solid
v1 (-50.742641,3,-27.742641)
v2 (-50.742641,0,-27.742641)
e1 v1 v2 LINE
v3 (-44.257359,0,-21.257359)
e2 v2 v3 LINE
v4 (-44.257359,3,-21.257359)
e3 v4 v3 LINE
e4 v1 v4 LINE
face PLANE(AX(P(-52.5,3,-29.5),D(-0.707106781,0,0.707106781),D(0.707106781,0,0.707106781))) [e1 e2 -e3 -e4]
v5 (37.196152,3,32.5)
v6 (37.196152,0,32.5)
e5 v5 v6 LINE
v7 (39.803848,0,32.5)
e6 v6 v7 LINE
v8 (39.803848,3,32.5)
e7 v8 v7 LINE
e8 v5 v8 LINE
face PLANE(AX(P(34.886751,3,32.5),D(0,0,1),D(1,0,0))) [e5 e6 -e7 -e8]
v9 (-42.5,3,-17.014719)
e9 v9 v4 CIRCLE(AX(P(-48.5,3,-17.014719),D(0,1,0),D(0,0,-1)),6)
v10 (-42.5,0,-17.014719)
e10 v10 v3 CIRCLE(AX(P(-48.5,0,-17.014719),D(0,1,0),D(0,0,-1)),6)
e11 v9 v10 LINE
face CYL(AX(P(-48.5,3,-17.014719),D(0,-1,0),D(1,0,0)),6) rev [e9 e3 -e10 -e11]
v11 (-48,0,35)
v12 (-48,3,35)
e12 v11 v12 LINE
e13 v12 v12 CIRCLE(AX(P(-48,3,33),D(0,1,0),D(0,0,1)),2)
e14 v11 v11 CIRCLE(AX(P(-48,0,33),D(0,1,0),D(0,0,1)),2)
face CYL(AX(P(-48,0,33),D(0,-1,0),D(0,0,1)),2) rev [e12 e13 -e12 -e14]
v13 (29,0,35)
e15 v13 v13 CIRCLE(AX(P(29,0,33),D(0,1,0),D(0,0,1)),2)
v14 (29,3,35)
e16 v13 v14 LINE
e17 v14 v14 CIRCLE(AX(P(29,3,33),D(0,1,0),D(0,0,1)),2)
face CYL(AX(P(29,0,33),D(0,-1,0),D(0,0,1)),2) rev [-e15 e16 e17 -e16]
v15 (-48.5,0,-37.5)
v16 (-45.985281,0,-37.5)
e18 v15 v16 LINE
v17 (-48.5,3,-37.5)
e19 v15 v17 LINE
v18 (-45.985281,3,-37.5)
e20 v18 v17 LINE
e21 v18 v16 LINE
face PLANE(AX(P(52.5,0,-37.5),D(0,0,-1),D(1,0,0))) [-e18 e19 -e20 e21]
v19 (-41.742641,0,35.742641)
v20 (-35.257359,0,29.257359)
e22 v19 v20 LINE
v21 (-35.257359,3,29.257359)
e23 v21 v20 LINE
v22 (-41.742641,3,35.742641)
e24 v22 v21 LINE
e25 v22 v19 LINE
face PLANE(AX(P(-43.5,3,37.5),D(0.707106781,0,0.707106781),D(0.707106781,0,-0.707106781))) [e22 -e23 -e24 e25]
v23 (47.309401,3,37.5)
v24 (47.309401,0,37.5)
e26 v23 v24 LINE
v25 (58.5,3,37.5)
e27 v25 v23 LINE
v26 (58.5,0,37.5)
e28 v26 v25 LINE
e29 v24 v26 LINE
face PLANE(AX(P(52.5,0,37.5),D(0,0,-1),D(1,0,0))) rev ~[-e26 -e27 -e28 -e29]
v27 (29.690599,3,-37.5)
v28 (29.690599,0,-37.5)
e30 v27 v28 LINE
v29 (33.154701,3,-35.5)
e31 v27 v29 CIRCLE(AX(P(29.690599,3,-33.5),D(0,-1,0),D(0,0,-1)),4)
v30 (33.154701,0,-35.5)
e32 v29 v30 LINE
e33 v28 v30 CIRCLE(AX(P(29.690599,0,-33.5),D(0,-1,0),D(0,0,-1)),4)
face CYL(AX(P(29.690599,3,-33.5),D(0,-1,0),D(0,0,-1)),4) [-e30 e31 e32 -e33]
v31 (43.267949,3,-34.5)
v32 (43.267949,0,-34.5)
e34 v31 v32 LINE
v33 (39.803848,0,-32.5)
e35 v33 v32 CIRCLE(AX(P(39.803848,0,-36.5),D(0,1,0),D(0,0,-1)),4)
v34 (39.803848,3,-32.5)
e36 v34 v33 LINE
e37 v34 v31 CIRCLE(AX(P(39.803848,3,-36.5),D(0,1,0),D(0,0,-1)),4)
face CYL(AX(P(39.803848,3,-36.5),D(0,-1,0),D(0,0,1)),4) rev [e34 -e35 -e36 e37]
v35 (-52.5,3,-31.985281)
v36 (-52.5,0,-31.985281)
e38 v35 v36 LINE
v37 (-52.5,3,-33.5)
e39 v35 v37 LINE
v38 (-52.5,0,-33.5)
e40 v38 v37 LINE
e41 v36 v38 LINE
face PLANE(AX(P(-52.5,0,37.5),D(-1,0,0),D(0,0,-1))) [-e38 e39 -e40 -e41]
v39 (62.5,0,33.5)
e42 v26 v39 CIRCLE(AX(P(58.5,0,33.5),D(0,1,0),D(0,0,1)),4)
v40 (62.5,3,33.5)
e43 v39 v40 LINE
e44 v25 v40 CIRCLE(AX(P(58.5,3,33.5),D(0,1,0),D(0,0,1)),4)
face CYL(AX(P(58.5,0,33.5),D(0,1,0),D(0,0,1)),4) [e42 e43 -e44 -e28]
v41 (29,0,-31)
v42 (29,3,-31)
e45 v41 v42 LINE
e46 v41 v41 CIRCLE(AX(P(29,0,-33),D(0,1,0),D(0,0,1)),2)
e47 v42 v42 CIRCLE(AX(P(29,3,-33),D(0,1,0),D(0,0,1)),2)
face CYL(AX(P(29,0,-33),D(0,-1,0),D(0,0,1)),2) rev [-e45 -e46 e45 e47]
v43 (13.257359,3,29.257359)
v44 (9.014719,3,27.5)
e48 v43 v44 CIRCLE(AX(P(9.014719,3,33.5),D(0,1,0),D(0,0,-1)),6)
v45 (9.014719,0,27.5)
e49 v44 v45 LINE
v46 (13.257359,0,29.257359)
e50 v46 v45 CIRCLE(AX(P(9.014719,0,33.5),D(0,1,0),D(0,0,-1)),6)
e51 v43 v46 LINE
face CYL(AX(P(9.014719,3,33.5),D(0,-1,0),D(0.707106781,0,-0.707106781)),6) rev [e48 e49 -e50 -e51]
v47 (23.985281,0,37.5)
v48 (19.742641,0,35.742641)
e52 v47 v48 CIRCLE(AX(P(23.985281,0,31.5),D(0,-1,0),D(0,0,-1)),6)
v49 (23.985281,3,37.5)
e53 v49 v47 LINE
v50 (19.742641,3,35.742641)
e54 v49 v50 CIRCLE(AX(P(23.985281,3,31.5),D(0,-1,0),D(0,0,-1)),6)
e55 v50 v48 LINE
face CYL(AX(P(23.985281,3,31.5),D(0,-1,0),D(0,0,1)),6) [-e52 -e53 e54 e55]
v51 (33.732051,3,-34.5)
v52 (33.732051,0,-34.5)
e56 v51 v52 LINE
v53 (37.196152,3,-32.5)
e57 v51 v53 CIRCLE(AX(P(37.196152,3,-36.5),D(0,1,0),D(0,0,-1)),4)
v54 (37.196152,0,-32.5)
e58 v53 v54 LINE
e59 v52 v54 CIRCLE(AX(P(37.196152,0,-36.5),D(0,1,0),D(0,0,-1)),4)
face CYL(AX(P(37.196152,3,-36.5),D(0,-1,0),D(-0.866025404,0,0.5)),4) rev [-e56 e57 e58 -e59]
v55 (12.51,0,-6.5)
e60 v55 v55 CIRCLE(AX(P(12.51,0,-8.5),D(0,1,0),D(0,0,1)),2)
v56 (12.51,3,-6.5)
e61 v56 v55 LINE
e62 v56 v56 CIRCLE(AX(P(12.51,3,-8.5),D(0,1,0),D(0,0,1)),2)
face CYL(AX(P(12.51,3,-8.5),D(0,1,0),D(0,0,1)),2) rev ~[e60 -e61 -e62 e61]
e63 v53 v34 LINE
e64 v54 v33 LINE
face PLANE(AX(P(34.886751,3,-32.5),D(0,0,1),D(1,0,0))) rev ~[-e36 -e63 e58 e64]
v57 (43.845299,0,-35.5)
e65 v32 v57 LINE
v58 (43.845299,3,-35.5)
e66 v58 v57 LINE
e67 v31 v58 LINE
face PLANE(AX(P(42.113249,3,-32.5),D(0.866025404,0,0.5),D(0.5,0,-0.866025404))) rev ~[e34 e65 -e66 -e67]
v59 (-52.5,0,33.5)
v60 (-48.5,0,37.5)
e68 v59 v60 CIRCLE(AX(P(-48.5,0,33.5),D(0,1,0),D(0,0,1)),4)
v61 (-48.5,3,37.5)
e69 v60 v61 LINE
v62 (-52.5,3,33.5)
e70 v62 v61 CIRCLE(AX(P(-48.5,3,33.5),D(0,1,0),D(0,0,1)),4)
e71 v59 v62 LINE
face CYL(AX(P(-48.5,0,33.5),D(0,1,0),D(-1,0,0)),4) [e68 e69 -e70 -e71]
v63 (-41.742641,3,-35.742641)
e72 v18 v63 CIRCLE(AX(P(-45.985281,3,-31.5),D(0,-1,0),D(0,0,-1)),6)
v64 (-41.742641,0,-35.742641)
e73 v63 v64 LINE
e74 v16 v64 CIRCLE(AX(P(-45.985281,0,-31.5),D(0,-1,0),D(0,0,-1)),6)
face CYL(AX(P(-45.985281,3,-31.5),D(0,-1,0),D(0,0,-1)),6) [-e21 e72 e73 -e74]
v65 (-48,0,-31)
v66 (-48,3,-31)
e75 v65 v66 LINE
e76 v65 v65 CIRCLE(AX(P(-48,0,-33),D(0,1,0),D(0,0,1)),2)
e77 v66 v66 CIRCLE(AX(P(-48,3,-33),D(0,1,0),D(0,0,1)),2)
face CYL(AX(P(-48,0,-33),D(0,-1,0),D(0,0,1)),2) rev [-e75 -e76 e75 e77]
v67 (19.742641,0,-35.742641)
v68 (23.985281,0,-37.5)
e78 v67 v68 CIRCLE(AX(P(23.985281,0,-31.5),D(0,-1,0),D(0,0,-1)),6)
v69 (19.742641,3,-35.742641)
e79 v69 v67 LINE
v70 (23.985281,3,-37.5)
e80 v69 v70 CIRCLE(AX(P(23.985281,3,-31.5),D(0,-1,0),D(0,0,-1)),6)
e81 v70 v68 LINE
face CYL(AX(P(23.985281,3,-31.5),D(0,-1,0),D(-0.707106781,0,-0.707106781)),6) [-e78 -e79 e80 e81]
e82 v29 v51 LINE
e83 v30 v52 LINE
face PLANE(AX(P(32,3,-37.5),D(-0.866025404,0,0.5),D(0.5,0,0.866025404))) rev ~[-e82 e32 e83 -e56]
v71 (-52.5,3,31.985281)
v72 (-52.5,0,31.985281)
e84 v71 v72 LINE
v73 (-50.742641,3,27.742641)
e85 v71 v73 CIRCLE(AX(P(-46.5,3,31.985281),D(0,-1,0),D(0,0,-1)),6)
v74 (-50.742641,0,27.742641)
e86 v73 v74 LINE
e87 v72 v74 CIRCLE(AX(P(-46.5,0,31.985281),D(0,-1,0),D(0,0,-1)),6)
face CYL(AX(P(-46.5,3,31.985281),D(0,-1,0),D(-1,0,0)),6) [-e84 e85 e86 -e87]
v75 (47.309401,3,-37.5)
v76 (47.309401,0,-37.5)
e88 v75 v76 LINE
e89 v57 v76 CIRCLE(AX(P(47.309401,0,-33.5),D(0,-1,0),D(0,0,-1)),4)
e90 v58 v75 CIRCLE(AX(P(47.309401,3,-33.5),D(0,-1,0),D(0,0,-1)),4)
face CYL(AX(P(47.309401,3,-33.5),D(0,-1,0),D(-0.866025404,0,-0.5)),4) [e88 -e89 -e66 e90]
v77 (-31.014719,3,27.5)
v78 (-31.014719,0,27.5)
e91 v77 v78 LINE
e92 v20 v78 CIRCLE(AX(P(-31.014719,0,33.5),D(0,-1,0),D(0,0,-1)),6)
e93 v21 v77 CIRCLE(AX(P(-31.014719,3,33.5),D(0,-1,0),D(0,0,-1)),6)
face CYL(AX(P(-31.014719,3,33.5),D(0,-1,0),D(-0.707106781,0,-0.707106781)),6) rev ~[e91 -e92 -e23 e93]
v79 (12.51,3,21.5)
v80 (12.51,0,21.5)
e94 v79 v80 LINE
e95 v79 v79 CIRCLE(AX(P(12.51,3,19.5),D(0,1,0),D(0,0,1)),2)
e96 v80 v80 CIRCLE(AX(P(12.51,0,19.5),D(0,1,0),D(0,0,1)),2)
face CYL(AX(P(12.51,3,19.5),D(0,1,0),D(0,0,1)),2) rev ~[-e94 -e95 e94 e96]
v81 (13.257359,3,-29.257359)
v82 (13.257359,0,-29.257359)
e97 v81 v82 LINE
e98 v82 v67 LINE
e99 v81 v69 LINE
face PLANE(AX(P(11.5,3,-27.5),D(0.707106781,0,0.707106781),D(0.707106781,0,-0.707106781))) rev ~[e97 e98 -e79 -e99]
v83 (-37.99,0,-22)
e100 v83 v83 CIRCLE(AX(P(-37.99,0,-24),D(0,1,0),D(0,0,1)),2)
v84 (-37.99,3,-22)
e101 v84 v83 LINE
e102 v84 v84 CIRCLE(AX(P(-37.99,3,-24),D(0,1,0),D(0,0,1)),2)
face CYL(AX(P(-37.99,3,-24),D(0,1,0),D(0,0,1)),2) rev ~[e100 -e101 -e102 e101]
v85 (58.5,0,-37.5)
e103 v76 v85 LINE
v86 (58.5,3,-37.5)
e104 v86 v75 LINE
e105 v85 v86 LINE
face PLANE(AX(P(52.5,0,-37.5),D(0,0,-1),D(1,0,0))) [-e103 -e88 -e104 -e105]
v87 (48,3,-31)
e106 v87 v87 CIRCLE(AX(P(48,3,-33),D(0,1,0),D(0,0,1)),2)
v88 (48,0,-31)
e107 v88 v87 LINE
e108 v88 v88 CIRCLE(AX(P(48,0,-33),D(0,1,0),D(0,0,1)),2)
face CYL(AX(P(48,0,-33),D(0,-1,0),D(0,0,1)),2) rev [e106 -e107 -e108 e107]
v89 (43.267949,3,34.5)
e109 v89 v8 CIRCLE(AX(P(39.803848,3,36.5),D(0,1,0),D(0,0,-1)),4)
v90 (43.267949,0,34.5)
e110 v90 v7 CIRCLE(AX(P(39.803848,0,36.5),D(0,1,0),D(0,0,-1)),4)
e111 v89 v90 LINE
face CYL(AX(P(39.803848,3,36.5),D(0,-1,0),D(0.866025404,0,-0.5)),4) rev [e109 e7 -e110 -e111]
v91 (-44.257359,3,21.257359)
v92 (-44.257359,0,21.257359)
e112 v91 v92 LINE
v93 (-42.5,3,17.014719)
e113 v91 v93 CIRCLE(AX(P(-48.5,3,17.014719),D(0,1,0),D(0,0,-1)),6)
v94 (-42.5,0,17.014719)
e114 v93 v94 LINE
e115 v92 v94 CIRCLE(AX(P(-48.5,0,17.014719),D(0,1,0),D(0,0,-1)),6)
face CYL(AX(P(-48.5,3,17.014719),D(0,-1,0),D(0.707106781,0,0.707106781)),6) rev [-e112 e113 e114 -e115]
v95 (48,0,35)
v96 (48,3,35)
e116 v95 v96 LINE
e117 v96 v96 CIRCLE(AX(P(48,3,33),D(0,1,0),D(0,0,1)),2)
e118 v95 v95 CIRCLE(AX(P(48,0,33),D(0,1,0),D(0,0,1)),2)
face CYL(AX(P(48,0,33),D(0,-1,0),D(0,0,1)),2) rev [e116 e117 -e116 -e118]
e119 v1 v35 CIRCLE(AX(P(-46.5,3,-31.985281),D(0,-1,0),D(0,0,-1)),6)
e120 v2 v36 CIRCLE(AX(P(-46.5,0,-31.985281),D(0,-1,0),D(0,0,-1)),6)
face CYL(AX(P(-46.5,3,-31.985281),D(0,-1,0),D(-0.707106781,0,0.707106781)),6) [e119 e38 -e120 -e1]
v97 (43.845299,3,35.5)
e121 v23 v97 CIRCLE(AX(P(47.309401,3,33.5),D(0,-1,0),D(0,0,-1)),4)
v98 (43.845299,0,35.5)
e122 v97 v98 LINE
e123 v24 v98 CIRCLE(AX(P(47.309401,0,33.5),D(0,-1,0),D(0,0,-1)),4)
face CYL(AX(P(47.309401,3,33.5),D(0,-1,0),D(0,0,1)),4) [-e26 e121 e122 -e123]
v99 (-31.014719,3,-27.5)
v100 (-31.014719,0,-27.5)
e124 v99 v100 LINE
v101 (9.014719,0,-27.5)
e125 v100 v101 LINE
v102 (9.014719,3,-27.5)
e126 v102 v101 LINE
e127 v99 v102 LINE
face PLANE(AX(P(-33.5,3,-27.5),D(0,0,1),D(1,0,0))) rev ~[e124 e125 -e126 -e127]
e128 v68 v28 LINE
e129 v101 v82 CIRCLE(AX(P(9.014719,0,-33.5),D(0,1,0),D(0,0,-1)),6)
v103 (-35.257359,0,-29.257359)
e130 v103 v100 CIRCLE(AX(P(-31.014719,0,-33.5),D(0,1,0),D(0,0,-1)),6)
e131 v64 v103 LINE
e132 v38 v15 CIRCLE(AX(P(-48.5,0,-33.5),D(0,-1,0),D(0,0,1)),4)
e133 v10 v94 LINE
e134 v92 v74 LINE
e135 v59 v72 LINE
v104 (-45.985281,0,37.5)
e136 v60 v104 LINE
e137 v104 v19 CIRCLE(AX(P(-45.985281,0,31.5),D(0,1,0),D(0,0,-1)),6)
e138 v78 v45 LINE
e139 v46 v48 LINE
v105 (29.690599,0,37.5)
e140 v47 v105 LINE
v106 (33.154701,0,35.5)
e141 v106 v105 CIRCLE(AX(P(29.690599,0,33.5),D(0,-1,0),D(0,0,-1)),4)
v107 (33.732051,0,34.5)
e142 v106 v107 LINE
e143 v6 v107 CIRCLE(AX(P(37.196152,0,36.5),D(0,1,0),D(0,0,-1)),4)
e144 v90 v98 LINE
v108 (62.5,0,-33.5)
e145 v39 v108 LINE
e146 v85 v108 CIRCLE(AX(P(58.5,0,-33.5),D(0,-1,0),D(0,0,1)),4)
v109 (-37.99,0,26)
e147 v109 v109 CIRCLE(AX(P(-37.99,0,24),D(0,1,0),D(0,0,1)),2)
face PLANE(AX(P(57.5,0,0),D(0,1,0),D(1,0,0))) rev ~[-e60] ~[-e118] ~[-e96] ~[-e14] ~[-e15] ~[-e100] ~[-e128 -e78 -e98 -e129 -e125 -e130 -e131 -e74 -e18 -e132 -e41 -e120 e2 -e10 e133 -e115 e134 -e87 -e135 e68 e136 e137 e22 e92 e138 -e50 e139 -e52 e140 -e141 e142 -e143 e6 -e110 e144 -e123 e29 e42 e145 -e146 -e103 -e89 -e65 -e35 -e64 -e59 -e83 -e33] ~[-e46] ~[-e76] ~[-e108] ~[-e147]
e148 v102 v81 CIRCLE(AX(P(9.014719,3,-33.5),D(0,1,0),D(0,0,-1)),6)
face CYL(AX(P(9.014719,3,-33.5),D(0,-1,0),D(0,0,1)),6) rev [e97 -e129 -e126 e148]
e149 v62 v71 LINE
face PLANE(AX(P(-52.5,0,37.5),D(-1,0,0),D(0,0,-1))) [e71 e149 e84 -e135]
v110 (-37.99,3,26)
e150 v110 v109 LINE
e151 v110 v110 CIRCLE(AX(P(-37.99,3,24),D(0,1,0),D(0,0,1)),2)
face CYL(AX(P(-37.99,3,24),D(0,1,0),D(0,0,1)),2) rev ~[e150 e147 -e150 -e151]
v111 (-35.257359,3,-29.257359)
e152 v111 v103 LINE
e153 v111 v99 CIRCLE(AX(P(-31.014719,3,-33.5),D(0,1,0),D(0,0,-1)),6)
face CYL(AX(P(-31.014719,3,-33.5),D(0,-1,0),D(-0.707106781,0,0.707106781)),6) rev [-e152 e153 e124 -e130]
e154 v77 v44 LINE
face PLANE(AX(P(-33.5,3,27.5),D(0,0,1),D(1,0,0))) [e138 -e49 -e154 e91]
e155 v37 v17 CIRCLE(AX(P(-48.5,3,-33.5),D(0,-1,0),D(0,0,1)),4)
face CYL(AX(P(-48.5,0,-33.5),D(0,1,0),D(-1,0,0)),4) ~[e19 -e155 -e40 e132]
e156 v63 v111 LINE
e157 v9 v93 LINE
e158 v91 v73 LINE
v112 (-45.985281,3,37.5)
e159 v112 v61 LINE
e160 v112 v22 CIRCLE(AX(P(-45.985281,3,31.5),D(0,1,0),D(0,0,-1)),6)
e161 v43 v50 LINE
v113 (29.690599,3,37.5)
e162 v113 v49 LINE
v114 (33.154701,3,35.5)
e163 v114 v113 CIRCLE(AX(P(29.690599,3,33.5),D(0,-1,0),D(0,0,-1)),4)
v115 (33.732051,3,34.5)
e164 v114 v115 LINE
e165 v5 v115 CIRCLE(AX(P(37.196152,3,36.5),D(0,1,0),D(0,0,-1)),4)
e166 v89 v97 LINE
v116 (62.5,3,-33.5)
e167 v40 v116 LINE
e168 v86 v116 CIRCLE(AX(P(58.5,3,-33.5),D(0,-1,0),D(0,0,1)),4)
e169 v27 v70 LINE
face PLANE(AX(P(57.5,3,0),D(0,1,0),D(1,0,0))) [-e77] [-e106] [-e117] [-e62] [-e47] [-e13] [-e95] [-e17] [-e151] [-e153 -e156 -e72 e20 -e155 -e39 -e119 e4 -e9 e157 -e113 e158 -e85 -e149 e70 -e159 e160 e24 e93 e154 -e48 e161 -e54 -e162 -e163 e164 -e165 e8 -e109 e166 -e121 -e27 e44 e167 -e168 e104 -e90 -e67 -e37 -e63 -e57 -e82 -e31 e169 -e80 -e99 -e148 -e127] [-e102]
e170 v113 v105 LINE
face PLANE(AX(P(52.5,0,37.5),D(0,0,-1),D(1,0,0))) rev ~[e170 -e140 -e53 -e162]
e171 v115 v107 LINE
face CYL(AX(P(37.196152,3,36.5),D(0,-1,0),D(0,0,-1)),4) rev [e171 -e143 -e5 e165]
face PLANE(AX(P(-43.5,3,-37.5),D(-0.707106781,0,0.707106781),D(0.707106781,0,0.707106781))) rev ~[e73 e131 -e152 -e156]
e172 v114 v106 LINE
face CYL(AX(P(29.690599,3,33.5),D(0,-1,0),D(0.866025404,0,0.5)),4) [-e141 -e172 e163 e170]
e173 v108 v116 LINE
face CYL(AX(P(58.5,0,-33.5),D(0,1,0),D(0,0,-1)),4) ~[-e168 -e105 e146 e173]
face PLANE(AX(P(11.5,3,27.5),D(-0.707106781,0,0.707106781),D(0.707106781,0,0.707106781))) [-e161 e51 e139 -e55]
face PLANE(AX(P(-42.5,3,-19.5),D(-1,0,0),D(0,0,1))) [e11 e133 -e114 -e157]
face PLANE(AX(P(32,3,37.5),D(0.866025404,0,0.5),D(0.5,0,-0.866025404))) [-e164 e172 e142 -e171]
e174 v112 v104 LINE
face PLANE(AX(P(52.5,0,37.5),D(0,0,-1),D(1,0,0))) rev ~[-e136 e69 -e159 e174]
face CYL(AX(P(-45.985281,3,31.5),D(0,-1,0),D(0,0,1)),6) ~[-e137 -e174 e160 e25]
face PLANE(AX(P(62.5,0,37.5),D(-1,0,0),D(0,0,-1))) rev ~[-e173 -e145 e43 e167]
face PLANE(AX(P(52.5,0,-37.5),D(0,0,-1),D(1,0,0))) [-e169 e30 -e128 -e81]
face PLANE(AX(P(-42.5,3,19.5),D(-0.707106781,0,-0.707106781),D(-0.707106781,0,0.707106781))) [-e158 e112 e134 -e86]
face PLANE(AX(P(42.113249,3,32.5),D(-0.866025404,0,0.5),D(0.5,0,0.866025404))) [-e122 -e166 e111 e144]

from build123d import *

# Parameters (mm, degrees)
SKETCH_1_W          = 105
SKETCH_1_H          = 75
SKETCH_1_R          = 2
EXTRUDE_1_DEPTH     = 3
SKETCH_3_R          = 2
CUT_EXTRUDE_2_DEPTH = 30.8
SKETCH_6_R          = 2
CUT_EXTRUDE_4_DEPTH = 15
FILLET_1_R          = 4
SKETCH_7_W          = 10
SKETCH_7_H          = 75
EXTRUDE_2_DEPTH     = 3
FILLET_2_R          = 4
CUT_EXTRUDE_START   = -3
SKETCH_8_R          = 2
CUT_EXTRUDE_5_DEPTH = 3
CUT_EXTRUDE_6_DEPTH = 10
FILLET_3_R          = 6
CUT_EXTRUDE_7_DEPTH = 10
FILLET_4_R          = 4


with BuildPart() as part:
    # 스케치1 → 보스-돌출1 (new body)
    with BuildSketch(Plane(origin=(0, 0, 0), x_dir=(1, 0, 0), z_dir=(0, 1, 0))):
        Rectangle(SKETCH_1_W, SKETCH_1_H)
        with Locations((48, 33)):
            Circle(SKETCH_1_R, mode=Mode.SUBTRACT)
        with Locations((-48, 33)):
            Circle(SKETCH_1_R, mode=Mode.SUBTRACT)
        with Locations((-48, -33)):
            Circle(SKETCH_1_R, mode=Mode.SUBTRACT)
        with Locations((48, -33)):
            Circle(SKETCH_1_R, mode=Mode.SUBTRACT)
    extrude(amount=EXTRUDE_1_DEPTH)

    # 스케치3 → 컷-돌출2 (cut)
    with BuildSketch(Plane(origin=(0, 3, 0), x_dir=(1, 0, 0), z_dir=(0, 1, 0))):
        with Locations((-37.99, 24)):
            Circle(SKETCH_3_R)
    extrude(amount=-CUT_EXTRUDE_2_DEPTH, mode=Mode.SUBTRACT)

    # 스케치6 → 컷-돌출4 (cut)
    with BuildSketch(Plane(origin=(0, 3, 0), x_dir=(1, 0, 0), z_dir=(0, 1, 0))):
        with Locations((-37.99, -24)):
            Circle(SKETCH_6_R)
        with Locations((12.51, 8.5)):
            Circle(SKETCH_6_R)
        with Locations((12.51, -19.5)):
            Circle(SKETCH_6_R)
    extrude(amount=-CUT_EXTRUDE_4_DEPTH, mode=Mode.SUBTRACT)

    # 필렛1
    fillet_1_edges = [part.edges().sort_by_distance(p)[0] for p in [
        (-52.5, 1.5, 37.5),
        (-52.5, 1.5, -37.5),
    ]]
    fillet(fillet_1_edges, radius=FILLET_1_R)

    # 스케치7 → 보스-돌출2 (add)
    with BuildSketch(Plane(origin=(0, 0, 0), x_dir=(1, 0, 0), z_dir=(0, 1, 0))):
        with Locations((57.5, 0)):
            Rectangle(SKETCH_7_W, SKETCH_7_H)
    extrude(amount=EXTRUDE_2_DEPTH)

    # 필렛2
    fillet_2_edges = [part.edges().sort_by_distance(p)[0] for p in [
        (62.5, 1.5, -37.5),
        (62.5, 1.5, 37.5),
    ]]
    fillet(fillet_2_edges, radius=FILLET_2_R)

    # 스케치8 → 컷-돌출5 (cut)
    with BuildSketch(Plane(origin=(0, 3, 0), x_dir=(1, 0, 0), z_dir=(0, 1, 0)).offset(CUT_EXTRUDE_START)):
        with Locations((29, -33)):
            Circle(SKETCH_8_R)
        with Locations((29, 33)):
            Circle(SKETCH_8_R)
        with Locations((48, -33)):
            Circle(SKETCH_8_R)
        with Locations((48, 33)):
            Circle(SKETCH_8_R)
    extrude(amount=CUT_EXTRUDE_5_DEPTH, mode=Mode.SUBTRACT)

    # 스케치9 → 컷-돌출6 (cut)
    with BuildSketch(Plane(origin=(0, 3, 0), x_dir=(1, 0, 0), z_dir=(0, 1, 0))):
        Polygon((-52.5, 29.5), (-42.5, 19.5), (-42.5, -19.5), (-52.5, -29.5), align=None)
        Polygon((-43.5, -37.5), (-33.5, -27.5), (11.5, -27.5), (21.5, -37.5), align=None)
        Polygon((-43.5, 37.5), (-33.5, 27.5), (11.5, 27.5), (21.5, 37.5), align=None)
    extrude(amount=-CUT_EXTRUDE_6_DEPTH, mode=Mode.SUBTRACT)

    # 필렛3
    fillet_3_edges = [part.edges().sort_by_distance(p)[0] for p in [
        (11.5, 1.5, -27.5),
        (21.5, 1.5, -37.5),
        (-33.5, 1.5, -27.5),
        (-43.5, 1.5, -37.5),
        (21.5, 1.5, 37.5),
        (11.5, 1.5, 27.5),
        (-43.5, 1.5, 37.5),
        (-33.5, 1.5, 27.5),
        (-52.5, 1.5, 29.5),
        (-42.5, 1.5, 19.5),
        (-42.5, 1.5, -19.5),
        (-52.5, 1.5, -29.5),
    ]]
    fillet(fillet_3_edges, radius=FILLET_3_R)

    # 스케치10 → 컷-돌출7 (cut)
    with BuildSketch(Plane(origin=(0, 3, 0), x_dir=(1, 0, 0), z_dir=(0, 1, 0))):
        Polygon((32, -37.5), (34.886751346, -32.5), (42.113248654, -32.5), (45, -37.5), align=None)
        Polygon((32, 37.5), (34.886751346, 32.5), (42.113248654, 32.5), (45, 37.5), align=None)
    extrude(amount=-CUT_EXTRUDE_7_DEPTH, mode=Mode.SUBTRACT)

    # 필렛4
    fillet_4_edges = [part.edges().sort_by_distance(p)[0] for p in [
        (45, 1.5, -37.5),
        (42.113248654, 1.5, -32.5),
        (32, 1.5, -37.5),
        (34.886751346, 1.5, -32.5),
        (45, 1.5, 37.5),
        (42.113248654, 1.5, 32.5),
        (34.886751346, 1.5, 32.5),
        (32, 1.5, 37.5),
    ]]
    fillet(fillet_4_edges, radius=FILLET_4_R)


solid = part.part
